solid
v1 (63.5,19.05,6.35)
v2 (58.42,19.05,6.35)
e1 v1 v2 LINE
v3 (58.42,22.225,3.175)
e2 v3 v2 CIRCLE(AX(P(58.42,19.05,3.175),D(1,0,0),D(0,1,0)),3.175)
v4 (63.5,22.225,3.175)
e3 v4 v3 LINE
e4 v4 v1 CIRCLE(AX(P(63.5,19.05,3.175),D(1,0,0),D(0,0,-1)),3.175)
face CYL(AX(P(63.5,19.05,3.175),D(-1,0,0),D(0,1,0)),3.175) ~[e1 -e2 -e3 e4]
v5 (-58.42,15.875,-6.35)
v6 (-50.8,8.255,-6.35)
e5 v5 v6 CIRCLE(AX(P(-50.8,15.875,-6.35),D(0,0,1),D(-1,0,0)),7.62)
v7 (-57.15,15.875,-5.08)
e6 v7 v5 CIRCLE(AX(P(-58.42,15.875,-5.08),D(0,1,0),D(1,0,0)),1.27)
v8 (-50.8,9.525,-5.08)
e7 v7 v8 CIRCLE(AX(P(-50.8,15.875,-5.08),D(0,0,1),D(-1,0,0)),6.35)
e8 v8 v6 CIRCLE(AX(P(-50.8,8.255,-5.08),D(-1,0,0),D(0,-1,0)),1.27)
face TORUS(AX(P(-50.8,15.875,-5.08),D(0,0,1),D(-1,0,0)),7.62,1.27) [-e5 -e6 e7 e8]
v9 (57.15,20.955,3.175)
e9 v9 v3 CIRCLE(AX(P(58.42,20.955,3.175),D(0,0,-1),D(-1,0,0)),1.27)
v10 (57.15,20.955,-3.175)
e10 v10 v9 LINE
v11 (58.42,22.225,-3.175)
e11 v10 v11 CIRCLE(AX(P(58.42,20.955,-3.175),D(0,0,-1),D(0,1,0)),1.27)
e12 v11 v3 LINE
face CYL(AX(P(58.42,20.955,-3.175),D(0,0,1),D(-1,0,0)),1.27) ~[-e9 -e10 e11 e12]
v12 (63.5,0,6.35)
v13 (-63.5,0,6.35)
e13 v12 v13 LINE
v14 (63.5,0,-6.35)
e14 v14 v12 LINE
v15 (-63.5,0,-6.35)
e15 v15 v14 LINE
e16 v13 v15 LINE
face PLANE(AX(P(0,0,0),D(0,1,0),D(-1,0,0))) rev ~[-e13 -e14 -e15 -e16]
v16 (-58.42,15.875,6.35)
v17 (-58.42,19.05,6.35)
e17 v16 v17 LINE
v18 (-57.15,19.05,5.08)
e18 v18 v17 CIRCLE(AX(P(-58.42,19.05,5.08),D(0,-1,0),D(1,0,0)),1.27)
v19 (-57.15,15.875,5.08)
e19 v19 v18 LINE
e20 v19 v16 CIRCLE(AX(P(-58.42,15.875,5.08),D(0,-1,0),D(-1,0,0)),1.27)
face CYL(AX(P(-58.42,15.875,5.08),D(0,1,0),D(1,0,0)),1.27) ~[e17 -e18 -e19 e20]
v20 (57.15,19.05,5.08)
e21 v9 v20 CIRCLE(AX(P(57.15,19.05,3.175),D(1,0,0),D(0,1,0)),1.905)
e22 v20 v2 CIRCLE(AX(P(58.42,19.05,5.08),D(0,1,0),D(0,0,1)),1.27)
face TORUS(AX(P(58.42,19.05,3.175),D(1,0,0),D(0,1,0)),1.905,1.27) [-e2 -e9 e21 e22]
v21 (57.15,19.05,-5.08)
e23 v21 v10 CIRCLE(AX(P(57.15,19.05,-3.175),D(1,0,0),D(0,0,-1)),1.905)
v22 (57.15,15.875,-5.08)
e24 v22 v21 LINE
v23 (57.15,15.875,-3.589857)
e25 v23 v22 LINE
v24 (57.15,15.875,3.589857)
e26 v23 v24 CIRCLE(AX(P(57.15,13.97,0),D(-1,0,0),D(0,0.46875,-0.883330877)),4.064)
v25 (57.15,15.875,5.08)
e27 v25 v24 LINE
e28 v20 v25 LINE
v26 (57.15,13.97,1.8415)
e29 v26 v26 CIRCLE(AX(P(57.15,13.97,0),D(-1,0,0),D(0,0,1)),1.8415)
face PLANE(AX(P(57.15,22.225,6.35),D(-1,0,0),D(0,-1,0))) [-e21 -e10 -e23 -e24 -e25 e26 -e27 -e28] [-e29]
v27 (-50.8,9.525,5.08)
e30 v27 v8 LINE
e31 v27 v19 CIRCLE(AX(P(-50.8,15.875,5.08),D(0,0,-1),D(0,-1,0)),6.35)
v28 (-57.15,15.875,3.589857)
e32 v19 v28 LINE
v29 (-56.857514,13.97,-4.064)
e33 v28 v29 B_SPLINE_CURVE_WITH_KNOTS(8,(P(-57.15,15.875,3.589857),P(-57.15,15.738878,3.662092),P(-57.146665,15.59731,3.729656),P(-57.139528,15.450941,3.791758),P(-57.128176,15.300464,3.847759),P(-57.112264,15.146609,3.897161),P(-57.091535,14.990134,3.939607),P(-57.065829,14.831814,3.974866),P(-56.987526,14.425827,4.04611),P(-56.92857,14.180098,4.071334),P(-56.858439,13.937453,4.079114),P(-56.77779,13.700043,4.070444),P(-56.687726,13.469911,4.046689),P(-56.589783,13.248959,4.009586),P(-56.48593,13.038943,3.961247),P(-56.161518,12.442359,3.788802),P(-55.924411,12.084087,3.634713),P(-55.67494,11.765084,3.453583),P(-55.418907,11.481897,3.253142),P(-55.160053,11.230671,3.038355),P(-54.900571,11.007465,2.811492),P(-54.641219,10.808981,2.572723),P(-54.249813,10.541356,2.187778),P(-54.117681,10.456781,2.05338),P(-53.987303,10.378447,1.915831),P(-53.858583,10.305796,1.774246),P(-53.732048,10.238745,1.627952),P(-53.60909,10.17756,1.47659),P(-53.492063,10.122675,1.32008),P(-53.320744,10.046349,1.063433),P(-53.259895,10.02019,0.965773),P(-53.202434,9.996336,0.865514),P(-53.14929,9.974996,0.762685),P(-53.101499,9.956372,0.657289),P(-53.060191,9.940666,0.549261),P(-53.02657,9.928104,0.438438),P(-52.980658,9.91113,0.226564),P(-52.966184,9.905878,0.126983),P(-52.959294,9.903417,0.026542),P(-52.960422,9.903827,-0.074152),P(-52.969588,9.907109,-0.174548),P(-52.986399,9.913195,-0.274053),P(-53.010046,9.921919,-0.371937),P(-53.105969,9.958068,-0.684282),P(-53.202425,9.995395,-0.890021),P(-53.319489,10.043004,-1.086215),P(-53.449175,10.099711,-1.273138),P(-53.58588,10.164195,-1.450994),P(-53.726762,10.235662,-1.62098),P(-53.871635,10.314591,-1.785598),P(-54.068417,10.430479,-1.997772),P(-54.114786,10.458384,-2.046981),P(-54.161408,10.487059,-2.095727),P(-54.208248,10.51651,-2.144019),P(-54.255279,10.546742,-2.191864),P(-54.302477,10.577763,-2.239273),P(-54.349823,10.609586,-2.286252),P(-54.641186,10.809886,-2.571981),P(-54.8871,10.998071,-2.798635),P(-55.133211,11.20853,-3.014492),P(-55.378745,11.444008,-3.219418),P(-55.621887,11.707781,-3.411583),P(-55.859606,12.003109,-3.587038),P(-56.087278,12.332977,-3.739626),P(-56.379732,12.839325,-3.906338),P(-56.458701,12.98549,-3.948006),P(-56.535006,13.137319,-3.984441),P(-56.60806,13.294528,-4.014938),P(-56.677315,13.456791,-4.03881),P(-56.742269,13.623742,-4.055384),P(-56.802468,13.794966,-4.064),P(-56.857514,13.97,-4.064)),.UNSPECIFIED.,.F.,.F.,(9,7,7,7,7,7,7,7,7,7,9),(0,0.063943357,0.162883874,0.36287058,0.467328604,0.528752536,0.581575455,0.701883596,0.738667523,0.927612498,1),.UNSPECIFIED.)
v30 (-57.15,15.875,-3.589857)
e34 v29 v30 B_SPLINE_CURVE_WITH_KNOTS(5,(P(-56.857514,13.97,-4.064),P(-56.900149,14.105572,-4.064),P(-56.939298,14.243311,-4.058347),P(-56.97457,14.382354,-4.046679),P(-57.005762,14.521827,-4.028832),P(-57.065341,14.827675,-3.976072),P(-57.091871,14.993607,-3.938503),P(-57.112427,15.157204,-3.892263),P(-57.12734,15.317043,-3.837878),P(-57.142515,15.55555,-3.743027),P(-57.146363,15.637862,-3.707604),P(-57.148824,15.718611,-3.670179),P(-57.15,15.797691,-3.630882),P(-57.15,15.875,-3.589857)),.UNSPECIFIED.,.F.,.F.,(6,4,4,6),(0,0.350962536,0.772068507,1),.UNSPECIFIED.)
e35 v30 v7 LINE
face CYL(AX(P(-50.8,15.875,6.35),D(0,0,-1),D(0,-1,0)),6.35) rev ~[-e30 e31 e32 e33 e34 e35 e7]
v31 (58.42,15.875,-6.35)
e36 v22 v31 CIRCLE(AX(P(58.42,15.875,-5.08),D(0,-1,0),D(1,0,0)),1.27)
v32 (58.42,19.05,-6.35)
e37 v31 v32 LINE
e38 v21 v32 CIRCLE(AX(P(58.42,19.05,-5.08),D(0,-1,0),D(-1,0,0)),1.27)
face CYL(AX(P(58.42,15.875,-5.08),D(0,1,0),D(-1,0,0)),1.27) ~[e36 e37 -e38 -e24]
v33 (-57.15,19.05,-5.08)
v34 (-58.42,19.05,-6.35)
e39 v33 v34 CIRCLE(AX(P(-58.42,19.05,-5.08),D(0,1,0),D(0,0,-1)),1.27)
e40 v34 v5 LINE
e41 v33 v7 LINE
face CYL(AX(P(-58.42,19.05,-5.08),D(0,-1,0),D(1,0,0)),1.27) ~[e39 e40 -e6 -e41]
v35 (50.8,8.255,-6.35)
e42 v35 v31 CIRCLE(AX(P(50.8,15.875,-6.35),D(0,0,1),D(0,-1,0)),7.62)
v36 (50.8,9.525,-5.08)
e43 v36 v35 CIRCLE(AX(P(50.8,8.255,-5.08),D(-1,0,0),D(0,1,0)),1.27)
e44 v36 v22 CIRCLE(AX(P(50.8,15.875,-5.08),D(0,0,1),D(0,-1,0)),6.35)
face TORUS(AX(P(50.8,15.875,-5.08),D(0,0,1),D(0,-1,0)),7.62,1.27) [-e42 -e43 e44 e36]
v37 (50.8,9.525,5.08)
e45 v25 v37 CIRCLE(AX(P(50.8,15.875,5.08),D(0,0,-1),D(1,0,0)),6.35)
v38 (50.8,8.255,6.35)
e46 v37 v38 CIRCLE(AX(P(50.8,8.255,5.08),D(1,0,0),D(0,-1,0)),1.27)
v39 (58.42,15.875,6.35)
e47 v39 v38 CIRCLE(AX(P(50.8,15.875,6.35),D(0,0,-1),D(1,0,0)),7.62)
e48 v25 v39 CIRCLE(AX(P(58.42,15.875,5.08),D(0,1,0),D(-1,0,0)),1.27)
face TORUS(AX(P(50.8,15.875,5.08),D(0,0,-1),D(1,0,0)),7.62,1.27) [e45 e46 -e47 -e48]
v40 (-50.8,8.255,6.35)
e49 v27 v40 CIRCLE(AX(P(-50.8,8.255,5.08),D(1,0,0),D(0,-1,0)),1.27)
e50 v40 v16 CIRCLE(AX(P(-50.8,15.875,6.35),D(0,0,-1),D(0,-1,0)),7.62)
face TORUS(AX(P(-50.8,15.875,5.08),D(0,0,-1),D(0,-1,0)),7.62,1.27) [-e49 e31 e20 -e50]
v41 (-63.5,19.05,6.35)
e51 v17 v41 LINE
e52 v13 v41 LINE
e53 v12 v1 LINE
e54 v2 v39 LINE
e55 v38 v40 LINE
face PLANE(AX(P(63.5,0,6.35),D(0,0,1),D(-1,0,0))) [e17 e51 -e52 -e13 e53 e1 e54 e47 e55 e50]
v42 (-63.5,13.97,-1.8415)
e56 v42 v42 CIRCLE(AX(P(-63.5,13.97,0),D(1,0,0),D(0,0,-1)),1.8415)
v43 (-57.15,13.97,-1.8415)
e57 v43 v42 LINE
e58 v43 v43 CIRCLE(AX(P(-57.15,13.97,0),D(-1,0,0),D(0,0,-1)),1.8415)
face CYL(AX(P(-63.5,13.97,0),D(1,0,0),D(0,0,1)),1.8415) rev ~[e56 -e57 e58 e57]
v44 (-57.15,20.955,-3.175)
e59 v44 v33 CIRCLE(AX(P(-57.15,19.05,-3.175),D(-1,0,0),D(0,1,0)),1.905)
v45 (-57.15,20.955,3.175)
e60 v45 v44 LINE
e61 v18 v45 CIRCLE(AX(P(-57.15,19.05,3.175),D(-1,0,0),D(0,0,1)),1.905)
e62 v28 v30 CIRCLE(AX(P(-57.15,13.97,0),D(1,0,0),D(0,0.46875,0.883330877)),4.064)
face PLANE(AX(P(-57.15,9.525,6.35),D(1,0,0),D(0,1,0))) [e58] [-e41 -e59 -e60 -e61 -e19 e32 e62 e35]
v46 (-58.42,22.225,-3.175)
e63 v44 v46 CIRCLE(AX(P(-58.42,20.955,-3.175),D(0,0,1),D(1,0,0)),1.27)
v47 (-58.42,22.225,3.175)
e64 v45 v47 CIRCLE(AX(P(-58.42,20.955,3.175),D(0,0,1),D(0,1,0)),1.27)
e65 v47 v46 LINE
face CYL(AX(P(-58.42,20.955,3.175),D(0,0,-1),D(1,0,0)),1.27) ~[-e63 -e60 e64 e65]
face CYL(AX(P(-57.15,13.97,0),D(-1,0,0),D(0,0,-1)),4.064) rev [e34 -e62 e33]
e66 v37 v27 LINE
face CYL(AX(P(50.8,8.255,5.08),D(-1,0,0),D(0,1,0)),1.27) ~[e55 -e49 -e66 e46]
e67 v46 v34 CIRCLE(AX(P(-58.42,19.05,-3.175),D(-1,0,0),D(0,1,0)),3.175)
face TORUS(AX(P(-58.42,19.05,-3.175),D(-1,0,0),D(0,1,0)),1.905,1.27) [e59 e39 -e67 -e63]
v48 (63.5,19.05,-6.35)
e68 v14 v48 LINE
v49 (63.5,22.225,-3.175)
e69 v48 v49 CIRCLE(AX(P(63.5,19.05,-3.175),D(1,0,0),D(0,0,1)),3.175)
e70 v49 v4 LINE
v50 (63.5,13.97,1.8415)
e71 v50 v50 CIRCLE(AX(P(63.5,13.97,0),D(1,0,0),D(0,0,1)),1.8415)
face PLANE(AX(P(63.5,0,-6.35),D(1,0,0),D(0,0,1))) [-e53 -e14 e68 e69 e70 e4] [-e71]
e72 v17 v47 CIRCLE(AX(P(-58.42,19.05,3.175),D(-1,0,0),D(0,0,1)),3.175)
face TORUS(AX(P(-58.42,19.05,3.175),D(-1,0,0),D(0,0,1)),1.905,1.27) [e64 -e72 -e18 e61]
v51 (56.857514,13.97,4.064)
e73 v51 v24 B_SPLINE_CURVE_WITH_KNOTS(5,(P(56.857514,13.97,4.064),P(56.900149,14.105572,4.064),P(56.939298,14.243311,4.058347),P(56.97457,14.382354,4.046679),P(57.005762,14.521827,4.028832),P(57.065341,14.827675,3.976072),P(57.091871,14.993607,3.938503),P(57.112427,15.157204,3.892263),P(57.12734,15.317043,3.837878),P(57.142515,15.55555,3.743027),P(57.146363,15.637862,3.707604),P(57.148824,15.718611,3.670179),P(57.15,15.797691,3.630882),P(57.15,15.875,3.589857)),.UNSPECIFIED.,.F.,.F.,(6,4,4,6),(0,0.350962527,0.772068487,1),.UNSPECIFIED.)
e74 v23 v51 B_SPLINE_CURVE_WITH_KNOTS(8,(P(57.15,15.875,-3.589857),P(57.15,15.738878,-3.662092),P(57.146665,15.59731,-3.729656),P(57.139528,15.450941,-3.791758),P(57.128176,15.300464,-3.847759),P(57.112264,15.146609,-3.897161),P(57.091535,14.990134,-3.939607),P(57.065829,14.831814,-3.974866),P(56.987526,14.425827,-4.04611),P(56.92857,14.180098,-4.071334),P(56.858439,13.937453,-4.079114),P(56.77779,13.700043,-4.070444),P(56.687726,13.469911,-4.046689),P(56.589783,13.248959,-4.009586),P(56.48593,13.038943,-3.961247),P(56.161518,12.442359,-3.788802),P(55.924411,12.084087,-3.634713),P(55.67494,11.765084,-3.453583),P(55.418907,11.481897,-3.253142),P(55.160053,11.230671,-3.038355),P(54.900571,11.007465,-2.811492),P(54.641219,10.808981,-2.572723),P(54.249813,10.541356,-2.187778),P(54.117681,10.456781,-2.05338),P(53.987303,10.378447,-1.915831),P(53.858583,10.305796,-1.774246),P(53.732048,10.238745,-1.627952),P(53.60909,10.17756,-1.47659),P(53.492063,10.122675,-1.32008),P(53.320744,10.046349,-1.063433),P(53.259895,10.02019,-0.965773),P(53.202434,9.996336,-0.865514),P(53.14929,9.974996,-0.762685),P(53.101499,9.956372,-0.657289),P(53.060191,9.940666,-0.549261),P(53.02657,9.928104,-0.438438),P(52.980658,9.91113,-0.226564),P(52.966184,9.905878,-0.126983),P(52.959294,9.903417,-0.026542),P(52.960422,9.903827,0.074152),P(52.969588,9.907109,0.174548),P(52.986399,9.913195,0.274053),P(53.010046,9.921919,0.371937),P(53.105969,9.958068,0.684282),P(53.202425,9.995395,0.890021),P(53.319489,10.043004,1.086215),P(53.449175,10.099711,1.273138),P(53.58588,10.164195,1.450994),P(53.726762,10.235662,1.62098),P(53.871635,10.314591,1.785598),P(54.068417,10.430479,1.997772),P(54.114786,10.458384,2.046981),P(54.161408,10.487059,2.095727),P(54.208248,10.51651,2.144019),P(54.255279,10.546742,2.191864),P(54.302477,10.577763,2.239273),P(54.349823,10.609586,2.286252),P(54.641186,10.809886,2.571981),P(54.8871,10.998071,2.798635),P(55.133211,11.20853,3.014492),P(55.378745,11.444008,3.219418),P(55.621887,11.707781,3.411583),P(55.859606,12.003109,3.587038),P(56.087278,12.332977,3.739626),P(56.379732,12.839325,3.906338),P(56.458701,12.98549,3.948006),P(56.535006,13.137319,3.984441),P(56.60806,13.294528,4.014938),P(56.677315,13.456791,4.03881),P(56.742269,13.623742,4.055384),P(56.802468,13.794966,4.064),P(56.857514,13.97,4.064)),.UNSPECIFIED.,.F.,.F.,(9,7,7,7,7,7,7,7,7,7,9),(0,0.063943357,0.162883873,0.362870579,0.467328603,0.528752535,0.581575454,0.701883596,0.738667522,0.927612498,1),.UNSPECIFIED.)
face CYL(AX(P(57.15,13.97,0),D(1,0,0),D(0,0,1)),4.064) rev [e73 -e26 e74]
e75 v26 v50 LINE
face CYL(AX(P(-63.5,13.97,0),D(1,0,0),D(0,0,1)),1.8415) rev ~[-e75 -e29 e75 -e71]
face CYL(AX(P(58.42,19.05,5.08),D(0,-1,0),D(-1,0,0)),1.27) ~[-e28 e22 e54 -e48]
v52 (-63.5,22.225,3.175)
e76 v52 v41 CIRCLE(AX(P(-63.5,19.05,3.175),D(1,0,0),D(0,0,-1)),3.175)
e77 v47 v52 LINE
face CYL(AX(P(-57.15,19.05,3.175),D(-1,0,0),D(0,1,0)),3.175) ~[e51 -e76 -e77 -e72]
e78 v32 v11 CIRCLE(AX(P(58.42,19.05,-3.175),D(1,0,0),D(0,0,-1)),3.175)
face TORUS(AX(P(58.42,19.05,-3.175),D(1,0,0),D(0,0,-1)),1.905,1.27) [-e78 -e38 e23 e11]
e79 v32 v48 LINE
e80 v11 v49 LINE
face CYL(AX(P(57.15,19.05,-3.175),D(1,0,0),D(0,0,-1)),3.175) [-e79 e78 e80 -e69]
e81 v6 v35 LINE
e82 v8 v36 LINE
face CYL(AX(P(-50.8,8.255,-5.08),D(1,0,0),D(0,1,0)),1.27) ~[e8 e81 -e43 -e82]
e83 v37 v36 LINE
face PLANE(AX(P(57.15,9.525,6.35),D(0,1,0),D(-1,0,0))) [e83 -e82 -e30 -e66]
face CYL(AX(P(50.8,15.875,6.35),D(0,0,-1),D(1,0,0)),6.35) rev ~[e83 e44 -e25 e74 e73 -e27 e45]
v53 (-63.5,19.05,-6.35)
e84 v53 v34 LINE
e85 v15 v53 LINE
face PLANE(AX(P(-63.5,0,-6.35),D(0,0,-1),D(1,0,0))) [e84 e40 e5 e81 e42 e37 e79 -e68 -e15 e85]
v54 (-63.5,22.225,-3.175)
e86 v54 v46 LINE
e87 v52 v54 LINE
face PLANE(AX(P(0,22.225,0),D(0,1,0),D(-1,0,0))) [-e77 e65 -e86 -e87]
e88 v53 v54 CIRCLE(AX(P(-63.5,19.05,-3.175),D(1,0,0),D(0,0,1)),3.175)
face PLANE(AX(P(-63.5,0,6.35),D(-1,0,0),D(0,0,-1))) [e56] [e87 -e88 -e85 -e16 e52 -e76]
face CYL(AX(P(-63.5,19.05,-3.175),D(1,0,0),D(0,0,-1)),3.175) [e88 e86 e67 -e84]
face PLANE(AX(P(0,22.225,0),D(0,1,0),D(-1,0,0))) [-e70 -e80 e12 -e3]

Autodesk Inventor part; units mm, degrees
ref_plane "YZ Plane" through (0, 0, 0) normal (1, 0, 0) x (0, 1, 0)
ref_plane "XZ Plane" through (0, 0, 0) normal (0, 1, 0) x (-1, 0, 0)
ref_plane "XY Plane" through (0, 0, 0) normal (0, 0, 1) x (1, 0, 0)
sketch "Sketch1" plane through (0, 0, 0) normal (0, 1, 0) x (-1, 0, 0)
  line L0 (63.5, -6.35) -> (-63.5, -6.35)
  line L1 (-63.5, -6.35) -> (-63.5, 6.35)
  line L2 (-63.5, 6.35) -> (63.5, 6.35)
  line L3 (63.5, 6.35) -> (63.5, -6.35)
  line L4 (63.5, -6.35) -> (-63.5, 6.35) construction
  line L5 (-63.5, -6.35) -> (63.5, 6.35) construction
  point P0 (0, 0)
  dimension "d0" = 12.7
  dimension "d1" = 127
extrude "Extrusion1" add sketch "Sketch1" along normal blind 22.225
sketch "Sketch2" plane through (-63.5, 0, 6.35) normal (0, 0, 1) x (1, 0, 0)
  line L0 (127, 0) -> (0, 0) projected
  line L1 (127, 0) -> (127, 22.225) projected
  line L2 (0, 22.225) -> (127, 22.225) projected
  line L3 (0, 0) -> (0, 22.225) projected
  line L4 (6.35, 22.225) -> (120.65, 22.225)
  line L5 (120.65, 22.225) -> (120.65, 9.525)
  line L6 (120.65, 9.525) -> (6.35, 9.525)
  line L7 (6.35, 9.525) -> (6.35, 22.225)
  point P0 (63.5, 0)
  dimension "d4" = 6.35
  dimension "d5" = 6.35
  dimension "d6" = 9.525
extrude "Extrusion2" cut sketch "Sketch2" against normal blind 22.225 contours L5 L6 L7 L2
fillet "Fillet1" radius 6.35 2 edges at (57.15, 9.525, 0) (-57.15, 9.525, 0)
sketch "Sketch3" plane through (-57.15, 22.225, 6.35) normal (1, 0, 0) x (0, 0, -1)
  line L0 (0, 0) -> (12.7, 0) projected
  point P0 (6.35, -22.225)
  point P1 (6.35, -8.255)
  dimension "d10" = 8.255
hole "Hole1" at (-57.15, 13.97, 0) direction (-1, 0, 0) diameter 3.683 end through all
sketch "Sketch4" plane through (-63.5, 0, -6.35) normal (-1, 0, 0) x (0, 0, 1)
  circle A0 centre (6.35, 13.97) radius 1.8415 projected
  point P0 (6.35, 0)
hole "Hole2" at (-63.5, 13.97, 0) direction (1, 0, 0) diameter 3.683 end through all
sketch "Sketch5" plane through (57.15, 22.225, -6.35) normal (-1, 0, 0) x (0, 0, 1)
  circle A0 centre (6.35, -8.255) radius 1.8415 projected
  circle A1 centre (6.35, -8.255) radius 4.064
  point P0 (6.35, -22.225)
  dimension "d25" = 8.128
extrude "Extrusion3" cut sketch "Sketch5" along normal blind 22.225
fillet "Fillet2" radius 3.175 4 edges at (60.325, 22.225, 6.35) (60.325, 22.225, -6.35) (-60.325, 22.225, 6.35) (-60.325, 22.225, -6.35)
sketch "Sketch6" plane through (-57.15, 15.875, 6.35) normal (1, 0, 0) x (0, 0, -1)
  circle A0 centre (6.35, -1.905) radius 1.8415 projected
  circle A1 centre (6.35, -1.905) radius 4.064
  point P0 (6.35, -15.875)
  dimension "d29" = 8.128
extrude "Extrusion4" cut sketch "Sketch6" along normal blind 22.225
fillet "Fillet3" radius 1.27 16 edges at (-55.2901, 11.3849, 6.35) (-57.15, 17.4625, 6.35) (-57.15, 21.2951, 5.4201) (-57.15, 22.225, 0) (-57.15, 21.2951, -5.4201) (-57.15, 17.4625, -6.35) (-55.2901, 11.3849, -6.35) (0, 9.525, -6.35) (55.2901, 11.3849, -6.35) (57.15, 17.4625, -6.35) (57.15, 21.2951, -5.4201) (57.15, 22.225, 0) (57.15, 21.2951, 5.4201) (57.15, 17.4625, 6.35) (55.2901, 11.3849, 6.35) (0, 9.525, 6.35)
properties part number "SwarmieLidSupport"
